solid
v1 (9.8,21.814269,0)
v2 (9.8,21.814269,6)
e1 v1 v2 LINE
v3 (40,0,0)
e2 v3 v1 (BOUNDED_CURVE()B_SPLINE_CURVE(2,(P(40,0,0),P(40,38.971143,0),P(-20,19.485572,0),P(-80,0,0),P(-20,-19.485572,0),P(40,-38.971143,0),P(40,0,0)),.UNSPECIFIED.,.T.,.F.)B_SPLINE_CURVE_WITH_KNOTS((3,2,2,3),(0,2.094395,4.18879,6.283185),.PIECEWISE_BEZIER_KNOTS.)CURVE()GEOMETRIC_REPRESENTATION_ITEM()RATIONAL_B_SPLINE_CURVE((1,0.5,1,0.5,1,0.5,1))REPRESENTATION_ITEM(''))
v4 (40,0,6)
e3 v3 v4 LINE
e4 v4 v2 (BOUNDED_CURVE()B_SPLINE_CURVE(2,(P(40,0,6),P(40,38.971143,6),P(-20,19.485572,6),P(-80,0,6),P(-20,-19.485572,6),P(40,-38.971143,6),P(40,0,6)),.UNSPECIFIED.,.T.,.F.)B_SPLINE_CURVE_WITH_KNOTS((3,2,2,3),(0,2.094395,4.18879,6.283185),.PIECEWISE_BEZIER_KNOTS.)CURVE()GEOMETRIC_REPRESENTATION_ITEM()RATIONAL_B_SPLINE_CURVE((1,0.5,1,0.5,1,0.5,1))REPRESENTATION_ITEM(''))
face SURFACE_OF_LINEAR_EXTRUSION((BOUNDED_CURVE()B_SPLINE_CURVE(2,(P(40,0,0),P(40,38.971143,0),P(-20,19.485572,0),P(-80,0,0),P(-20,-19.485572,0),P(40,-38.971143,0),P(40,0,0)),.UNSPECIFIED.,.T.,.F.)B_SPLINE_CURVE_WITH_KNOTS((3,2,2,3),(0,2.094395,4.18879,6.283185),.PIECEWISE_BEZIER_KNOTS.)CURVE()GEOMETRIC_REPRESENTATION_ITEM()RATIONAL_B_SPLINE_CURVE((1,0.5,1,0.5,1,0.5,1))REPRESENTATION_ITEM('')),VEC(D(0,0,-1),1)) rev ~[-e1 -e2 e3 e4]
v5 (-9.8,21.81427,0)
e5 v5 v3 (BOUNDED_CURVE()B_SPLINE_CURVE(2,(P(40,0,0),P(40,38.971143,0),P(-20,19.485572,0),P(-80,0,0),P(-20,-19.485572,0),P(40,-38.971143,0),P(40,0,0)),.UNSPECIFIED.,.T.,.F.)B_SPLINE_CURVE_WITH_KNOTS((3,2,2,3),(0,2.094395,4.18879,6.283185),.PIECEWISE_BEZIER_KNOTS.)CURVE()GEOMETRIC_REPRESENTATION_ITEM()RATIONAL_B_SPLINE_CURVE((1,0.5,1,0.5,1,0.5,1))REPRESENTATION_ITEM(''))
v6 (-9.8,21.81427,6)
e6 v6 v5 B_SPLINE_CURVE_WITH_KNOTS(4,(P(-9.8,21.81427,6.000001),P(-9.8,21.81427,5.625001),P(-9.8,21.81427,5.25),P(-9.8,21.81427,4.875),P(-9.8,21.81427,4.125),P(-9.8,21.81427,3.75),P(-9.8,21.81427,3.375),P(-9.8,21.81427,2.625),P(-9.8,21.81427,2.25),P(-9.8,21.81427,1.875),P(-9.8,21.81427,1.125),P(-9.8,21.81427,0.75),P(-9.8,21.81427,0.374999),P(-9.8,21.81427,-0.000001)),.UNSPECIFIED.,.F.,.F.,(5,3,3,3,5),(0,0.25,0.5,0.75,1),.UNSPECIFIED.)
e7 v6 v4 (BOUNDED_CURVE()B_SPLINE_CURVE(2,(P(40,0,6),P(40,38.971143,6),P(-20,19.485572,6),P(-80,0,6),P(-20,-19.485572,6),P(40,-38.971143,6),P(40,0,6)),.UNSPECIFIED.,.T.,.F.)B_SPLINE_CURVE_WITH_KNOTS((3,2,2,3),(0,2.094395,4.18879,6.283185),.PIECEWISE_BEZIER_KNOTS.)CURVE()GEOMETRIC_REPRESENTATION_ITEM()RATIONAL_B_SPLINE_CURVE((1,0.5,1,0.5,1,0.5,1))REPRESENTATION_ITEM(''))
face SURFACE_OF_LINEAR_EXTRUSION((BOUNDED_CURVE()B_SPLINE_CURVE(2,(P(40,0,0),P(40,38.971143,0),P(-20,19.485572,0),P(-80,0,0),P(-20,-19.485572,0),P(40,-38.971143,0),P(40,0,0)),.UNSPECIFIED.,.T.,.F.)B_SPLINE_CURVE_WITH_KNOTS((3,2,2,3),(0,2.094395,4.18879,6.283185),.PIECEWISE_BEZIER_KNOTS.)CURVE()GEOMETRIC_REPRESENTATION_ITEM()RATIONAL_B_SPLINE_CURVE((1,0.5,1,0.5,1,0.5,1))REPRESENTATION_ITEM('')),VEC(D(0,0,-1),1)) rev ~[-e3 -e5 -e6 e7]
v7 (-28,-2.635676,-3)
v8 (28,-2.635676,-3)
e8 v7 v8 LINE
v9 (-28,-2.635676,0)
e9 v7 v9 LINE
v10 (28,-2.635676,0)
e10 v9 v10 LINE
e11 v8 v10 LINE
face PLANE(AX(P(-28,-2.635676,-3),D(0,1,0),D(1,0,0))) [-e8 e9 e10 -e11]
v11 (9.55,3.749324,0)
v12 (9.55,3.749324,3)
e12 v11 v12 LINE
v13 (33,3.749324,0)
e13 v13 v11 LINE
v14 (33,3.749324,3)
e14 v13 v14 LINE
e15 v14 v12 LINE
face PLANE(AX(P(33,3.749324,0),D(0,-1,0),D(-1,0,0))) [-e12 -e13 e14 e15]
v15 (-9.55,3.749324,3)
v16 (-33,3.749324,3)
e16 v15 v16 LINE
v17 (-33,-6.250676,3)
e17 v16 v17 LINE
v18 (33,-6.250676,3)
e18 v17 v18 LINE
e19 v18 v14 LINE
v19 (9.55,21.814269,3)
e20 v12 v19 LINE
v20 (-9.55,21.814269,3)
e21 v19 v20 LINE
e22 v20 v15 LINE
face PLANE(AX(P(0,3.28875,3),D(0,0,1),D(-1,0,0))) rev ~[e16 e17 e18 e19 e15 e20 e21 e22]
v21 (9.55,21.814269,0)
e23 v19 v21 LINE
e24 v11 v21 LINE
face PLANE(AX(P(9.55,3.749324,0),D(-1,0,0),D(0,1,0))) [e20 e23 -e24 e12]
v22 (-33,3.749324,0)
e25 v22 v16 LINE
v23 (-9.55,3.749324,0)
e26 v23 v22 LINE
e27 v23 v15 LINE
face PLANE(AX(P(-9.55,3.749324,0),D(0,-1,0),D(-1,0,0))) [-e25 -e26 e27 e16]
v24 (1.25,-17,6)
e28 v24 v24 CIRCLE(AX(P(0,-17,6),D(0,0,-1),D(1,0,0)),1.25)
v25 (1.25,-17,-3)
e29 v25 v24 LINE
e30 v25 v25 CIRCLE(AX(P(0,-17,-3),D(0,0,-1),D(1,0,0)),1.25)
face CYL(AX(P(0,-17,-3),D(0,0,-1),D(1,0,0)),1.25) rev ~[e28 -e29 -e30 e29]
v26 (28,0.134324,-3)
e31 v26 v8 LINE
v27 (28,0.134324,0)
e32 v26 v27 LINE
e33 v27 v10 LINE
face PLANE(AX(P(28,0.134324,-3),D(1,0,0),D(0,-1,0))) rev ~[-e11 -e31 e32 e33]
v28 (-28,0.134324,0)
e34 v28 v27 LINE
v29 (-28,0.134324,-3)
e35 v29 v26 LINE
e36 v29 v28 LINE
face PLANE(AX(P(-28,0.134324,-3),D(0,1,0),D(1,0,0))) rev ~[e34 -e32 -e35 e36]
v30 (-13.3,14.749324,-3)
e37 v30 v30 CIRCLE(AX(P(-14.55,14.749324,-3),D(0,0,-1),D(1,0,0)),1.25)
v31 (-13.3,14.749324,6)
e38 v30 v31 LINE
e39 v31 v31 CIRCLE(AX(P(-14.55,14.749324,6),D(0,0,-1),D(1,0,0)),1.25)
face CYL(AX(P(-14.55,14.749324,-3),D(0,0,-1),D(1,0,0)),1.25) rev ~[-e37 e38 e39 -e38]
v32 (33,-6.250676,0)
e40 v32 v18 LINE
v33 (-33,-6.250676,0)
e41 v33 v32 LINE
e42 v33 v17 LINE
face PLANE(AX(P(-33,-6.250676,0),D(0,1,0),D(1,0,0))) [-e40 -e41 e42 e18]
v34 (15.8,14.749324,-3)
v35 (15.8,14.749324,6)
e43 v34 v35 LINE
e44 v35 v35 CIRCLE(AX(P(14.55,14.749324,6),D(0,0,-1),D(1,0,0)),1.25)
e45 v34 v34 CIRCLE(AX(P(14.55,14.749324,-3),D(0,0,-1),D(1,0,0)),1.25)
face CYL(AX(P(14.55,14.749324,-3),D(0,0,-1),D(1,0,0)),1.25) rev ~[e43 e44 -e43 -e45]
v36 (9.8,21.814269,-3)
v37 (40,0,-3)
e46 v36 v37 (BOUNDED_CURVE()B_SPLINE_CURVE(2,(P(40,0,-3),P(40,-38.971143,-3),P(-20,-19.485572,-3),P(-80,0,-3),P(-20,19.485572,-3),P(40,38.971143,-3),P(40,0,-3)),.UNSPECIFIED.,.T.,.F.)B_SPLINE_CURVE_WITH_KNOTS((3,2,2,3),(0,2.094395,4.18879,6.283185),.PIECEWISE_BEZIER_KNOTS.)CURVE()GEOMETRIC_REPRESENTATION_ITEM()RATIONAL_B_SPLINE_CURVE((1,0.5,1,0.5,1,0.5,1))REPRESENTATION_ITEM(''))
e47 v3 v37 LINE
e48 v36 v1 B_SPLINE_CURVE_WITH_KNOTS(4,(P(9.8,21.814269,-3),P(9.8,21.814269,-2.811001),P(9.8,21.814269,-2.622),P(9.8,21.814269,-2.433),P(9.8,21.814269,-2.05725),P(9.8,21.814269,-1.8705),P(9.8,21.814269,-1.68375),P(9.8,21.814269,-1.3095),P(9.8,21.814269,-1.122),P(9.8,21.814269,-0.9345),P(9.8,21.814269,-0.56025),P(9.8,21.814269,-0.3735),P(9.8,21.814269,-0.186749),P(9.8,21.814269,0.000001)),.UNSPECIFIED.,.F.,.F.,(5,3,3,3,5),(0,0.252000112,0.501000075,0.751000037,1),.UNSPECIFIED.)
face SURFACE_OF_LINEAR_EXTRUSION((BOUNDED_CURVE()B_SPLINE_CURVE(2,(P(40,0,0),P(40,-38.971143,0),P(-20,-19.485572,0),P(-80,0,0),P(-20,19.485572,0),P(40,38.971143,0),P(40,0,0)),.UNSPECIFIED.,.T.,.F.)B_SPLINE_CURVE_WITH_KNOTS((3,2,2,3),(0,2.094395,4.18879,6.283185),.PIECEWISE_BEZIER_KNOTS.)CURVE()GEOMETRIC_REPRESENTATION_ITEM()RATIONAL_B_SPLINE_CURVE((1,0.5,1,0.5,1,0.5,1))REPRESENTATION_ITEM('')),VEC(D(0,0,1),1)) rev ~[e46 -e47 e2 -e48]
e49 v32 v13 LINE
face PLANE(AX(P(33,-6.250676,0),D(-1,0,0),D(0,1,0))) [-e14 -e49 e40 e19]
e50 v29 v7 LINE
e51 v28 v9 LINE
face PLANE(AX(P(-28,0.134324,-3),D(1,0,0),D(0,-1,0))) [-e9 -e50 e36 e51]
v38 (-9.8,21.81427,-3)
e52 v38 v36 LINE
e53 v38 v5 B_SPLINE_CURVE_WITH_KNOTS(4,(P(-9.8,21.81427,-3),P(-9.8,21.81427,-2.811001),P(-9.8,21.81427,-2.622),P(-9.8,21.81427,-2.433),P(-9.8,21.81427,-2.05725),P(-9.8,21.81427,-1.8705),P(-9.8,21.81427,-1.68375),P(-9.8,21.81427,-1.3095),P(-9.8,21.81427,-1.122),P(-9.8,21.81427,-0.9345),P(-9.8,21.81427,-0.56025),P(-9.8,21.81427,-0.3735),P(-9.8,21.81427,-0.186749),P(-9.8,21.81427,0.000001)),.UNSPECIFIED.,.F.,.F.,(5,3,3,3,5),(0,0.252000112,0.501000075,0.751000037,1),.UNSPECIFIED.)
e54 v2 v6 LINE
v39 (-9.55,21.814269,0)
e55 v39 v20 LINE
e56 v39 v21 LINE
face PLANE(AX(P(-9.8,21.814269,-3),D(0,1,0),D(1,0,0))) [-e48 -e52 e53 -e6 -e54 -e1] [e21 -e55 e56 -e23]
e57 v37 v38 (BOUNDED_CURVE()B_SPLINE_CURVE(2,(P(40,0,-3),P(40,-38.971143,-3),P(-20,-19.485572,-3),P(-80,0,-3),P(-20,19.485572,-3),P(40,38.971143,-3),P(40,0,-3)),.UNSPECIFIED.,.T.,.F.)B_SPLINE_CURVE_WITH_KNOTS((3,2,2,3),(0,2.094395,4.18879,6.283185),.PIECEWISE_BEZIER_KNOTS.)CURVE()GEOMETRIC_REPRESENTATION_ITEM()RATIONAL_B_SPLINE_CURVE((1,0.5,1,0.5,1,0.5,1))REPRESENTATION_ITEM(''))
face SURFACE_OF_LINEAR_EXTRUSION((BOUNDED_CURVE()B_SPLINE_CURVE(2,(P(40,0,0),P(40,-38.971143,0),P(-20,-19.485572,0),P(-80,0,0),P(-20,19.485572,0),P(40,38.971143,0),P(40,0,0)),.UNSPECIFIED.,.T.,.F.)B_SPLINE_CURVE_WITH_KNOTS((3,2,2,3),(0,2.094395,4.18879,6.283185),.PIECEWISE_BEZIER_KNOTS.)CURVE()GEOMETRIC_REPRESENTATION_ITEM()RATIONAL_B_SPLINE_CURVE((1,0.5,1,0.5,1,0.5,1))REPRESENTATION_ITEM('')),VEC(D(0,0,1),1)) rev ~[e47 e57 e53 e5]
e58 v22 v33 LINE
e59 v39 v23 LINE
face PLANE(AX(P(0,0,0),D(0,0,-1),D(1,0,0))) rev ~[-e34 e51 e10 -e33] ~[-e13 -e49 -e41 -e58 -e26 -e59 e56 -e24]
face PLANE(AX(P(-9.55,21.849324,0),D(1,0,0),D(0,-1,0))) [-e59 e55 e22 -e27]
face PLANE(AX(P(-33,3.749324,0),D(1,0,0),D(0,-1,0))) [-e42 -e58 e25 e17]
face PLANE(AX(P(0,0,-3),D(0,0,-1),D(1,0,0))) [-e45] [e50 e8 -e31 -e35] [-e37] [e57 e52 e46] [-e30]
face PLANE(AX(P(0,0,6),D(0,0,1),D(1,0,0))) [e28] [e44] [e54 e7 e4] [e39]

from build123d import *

# Parameters (mm, degrees)
PAD_DEPTH       = 6
POCKET_DEPTH    = 3
PAD001_DEPTH    = 3
SKETCH003_W     = 56
SKETCH003_H     = 2.77
POCKET001_DEPTH = 3
SKETCH004_W     = 19.6
SKETCH004_H     = 1
POCKET002_DEPTH = 9.001
SKETCH005_R     = 1.25
POCKET003_DEPTH = 9.001


with BuildPart() as part:
    # Sketch → Pad (new body)
    with BuildSketch(Plane.XY):
        with BuildLine():
            add(Edge.make_bspline(
                [(40, 0), (40, 38.971143), (-20, 19.485572), (-80, 0), (-20, -19.485572), (40, -38.971143), (40, 0)],
                knots=[0, 0, 0, 2.094395, 2.094395, 4.18879, 4.18879, 6.283185, 6.283185, 6.283185], degree=2, weights=[1, 0.5, 1, 0.5, 1, 0.5, 1]))
        make_face()
    extrude(amount=PAD_DEPTH)

    # Sketch001 (on Face2 of Pad) → Pocket (cut)
    with BuildSketch(Plane(origin=(0, 0, 0), x_dir=(1, 0, 0), z_dir=(0, 0, -1))):
        Polygon((9.55, -3.749324), (9.55, -21.849324), (-9.55, -21.849324), (-9.55, -3.749324), (-33, -3.749324), (-33, 6.250676), (33, 6.250676), (33, -3.749324), align=None)
    extrude(amount=-POCKET_DEPTH, mode=Mode.SUBTRACT)

    # Sketch002 (on Face2 of Pocket) → Pad001 (join)
    with BuildSketch(Plane(origin=(0, 0, 0), x_dir=(1, 0, 0), z_dir=(0, 0, -1))):
        with BuildLine():
            add(Edge.make_bspline(
                [(40, 0), (40, 38.971143), (-20, 19.485572), (-80, 0), (-20, -19.485572), (40, -38.971143), (40, 0)],
                knots=[0, 0, 0, 2.094395, 2.094395, 4.18879, 4.18879, 6.283185, 6.283185, 6.283185], degree=2, weights=[1, 0.5, 1, 0.5, 1, 0.5, 1]))
        make_face()
    extrude(amount=PAD001_DEPTH)

    # Sketch003 (on Face4 of Pad001) → Pocket001 (cut)
    with BuildSketch(Plane(origin=(0, 0, -3), x_dir=(1, 0, 0), z_dir=(0, 0, -1))):
        with Locations((0, 1.250676)):
            Rectangle(SKETCH003_W, SKETCH003_H)
    extrude(amount=-POCKET001_DEPTH, mode=Mode.SUBTRACT)

    # Sketch004 (on Face4 of Pocket001) → Pocket002 (cut, through all)
    with BuildSketch(Plane(origin=(0, 0, -3), x_dir=(1, 0, 0), z_dir=(0, 0, -1))):
        with Locations((0, -22.314269)):
            Rectangle(SKETCH004_W, SKETCH004_H)
    extrude(amount=-POCKET002_DEPTH, mode=Mode.SUBTRACT)

    # Sketch005 (on Face7 of Pocket002) → Pocket003 (cut, through all)
    with BuildSketch(Plane(origin=(0, 0, -3), x_dir=(1, 0, 0), z_dir=(0, 0, -1))):
        with Locations((-14.55, -14.749324)):
            Circle(SKETCH005_R)
        with Locations((0, 17)):
            Circle(SKETCH005_R)
        with Locations((14.55, -14.749324)):
            Circle(SKETCH005_R)
    extrude(amount=-POCKET003_DEPTH, mode=Mode.SUBTRACT)


solid = part.part
